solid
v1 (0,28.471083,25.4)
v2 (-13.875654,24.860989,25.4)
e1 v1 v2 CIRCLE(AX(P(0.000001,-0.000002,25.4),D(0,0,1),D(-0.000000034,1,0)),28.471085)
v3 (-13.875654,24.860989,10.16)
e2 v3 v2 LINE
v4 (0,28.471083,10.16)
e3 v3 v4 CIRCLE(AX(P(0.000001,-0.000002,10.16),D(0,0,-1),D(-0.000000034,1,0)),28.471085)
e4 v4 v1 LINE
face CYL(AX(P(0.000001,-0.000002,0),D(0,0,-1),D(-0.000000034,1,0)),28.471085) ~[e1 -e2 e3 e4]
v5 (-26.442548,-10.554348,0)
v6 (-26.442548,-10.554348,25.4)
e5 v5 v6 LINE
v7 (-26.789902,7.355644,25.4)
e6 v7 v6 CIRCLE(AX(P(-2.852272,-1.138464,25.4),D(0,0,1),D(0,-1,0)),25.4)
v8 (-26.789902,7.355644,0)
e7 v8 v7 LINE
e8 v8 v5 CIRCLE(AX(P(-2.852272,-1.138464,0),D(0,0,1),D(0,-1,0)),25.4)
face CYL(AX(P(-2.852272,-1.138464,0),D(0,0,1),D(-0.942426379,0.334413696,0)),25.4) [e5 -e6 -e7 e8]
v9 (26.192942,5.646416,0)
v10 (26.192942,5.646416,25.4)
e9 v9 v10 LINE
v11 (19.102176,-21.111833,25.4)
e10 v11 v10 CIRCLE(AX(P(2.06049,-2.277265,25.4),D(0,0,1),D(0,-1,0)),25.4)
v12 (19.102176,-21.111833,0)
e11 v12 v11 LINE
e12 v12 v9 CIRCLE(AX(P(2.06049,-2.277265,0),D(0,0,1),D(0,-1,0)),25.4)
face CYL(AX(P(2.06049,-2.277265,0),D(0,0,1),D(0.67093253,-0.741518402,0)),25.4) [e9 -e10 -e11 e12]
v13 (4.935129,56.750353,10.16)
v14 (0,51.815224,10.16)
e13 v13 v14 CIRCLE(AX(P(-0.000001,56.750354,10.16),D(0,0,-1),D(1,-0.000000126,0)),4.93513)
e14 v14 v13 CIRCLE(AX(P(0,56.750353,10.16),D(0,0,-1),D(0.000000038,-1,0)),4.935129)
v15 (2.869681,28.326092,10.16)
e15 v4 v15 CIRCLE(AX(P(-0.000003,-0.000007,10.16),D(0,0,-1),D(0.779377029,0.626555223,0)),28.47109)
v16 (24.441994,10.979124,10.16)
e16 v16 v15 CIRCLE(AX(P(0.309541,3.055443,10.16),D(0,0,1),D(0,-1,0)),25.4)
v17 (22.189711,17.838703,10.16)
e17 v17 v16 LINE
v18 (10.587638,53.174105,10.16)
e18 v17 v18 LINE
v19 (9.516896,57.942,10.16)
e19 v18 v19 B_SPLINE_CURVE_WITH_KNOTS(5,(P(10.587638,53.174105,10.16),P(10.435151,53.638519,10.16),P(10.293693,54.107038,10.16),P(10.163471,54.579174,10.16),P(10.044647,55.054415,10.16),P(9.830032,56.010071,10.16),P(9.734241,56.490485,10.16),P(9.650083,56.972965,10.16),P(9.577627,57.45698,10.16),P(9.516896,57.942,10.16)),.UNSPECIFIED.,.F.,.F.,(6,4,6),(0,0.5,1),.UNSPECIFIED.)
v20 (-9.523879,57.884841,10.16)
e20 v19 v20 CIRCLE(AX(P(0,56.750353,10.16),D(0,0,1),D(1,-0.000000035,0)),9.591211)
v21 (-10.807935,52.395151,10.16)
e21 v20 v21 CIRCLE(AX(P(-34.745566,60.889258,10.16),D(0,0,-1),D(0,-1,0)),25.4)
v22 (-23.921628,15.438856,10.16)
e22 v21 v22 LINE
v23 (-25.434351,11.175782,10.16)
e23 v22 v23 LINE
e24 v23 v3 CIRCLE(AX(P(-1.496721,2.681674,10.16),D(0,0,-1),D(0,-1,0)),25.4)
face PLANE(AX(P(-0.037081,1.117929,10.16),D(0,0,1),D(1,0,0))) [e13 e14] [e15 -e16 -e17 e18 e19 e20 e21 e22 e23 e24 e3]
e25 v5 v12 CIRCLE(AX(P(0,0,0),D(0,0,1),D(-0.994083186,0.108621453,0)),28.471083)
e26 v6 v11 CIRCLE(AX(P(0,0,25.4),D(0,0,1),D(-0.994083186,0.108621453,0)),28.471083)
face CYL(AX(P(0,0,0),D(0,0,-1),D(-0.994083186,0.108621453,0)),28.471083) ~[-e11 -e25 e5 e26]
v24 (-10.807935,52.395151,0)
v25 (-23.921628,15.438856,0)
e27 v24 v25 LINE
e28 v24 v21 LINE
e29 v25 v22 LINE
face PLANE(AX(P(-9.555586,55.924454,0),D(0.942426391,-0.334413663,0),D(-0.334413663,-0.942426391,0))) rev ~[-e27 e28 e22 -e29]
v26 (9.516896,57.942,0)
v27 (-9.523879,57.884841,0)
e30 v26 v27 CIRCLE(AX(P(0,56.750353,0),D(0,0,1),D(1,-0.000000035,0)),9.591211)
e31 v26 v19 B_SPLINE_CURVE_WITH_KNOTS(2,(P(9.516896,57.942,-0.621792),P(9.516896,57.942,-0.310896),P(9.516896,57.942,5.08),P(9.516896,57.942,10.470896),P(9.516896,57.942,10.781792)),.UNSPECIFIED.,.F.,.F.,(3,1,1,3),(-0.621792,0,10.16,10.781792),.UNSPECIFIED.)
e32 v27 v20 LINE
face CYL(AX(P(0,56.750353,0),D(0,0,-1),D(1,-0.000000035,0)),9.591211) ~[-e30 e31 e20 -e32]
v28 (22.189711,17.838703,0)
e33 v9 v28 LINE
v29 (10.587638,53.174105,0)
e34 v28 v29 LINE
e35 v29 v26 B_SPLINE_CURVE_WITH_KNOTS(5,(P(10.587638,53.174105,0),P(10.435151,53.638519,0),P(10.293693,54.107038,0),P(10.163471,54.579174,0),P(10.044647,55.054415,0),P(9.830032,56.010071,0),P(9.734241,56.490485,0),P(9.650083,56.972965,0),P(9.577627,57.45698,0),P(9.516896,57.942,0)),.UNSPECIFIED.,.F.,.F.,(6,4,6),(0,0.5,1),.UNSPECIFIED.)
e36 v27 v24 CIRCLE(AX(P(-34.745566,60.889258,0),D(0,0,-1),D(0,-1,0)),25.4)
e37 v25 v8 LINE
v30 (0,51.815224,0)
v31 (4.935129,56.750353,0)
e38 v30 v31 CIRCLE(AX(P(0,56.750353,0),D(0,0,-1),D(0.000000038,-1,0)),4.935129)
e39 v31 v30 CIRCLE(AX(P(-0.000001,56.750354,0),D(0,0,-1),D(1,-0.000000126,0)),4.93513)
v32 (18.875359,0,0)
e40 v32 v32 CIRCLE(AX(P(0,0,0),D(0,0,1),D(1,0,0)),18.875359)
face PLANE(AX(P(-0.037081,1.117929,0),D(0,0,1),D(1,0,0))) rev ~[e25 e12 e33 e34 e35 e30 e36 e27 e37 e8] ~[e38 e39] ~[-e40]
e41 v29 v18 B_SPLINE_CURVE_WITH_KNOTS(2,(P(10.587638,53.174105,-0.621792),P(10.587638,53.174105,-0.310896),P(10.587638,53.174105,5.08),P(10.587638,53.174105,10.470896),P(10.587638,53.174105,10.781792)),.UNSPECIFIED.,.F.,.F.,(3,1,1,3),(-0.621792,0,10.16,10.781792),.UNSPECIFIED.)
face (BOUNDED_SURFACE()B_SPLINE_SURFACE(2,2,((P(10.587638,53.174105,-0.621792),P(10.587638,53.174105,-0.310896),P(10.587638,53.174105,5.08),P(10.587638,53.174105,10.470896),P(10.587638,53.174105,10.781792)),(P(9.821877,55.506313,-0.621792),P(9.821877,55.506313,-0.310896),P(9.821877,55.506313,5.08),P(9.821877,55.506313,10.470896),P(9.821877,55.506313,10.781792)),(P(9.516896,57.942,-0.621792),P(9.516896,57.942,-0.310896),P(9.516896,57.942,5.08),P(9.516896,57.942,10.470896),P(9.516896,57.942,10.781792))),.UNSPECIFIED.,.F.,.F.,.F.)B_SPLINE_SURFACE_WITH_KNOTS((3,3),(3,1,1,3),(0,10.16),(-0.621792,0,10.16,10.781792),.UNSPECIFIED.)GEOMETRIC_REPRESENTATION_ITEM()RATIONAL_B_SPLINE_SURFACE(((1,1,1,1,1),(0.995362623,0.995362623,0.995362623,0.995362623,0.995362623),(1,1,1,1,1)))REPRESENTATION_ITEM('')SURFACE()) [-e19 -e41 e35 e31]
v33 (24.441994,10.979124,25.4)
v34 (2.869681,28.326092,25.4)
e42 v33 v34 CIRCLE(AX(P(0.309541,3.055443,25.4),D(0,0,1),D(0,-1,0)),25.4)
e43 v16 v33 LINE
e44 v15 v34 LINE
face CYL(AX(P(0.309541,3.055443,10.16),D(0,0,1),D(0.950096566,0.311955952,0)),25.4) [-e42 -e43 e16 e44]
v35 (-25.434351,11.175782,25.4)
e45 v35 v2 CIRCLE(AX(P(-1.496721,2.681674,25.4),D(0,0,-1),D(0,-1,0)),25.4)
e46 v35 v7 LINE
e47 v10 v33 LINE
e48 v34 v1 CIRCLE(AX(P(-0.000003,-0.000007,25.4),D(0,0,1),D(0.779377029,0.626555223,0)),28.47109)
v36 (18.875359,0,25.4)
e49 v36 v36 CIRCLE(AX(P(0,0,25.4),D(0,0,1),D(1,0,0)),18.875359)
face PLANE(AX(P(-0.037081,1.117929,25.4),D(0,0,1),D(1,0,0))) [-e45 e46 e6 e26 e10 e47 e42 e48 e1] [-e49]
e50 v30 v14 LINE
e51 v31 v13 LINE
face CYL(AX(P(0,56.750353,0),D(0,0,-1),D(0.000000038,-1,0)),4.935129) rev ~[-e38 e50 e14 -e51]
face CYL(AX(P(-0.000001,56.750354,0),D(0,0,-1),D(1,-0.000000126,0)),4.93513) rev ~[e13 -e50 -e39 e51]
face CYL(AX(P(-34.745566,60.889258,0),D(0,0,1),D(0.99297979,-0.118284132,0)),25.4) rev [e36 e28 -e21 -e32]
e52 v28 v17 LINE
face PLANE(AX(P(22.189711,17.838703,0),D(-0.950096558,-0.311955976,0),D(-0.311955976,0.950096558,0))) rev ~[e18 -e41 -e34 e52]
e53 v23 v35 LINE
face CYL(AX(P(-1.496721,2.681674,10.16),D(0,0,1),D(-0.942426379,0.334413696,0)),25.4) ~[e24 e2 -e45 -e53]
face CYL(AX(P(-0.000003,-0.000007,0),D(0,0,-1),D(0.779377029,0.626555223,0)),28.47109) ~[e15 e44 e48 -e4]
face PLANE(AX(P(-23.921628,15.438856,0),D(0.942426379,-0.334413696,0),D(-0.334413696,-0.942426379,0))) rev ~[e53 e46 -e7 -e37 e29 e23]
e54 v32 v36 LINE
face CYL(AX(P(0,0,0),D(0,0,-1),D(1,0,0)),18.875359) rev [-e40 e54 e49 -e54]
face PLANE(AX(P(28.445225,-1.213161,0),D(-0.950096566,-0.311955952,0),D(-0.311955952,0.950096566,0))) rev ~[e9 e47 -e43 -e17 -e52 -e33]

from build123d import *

# Parameters (mm, degrees)
F0_R     = 18.875359
F1_DEPTH = 25.4
F2_DEPTH = 10.16
F3_R     = 25.4


with BuildPart() as f1:
    # F0 (on Top) → F1 (new body)
    with BuildSketch(Plane.XY):
        with BuildLine():
            Line((-23.921628, 15.438856), (-28.302625, 3.09257))
            ThreePointArc((-28.302625, 3.09257), (-2.154046, -28.389482), (28.445225, -1.213161))
            Line((28.445225, -1.213161), (22.189711, 17.838703))
            ThreePointArc((22.189711, 17.838703), (12.302751, 25.675764), (0, 28.471083))
            ThreePointArc((0, 28.471083), (-13.620602, 25.001635), (-23.921628, 15.438856))
        make_face()
        Circle(F0_R, mode=Mode.SUBTRACT)
    extrude(amount=F1_DEPTH)

    # F0 (on Top) → F2 (join)
    with BuildSketch(Plane.XY):
        with BuildLine():
            Line((-23.921628, 15.438856), (-28.302625, 3.09257))
            ThreePointArc((-28.302625, 3.09257), (-2.154046, -28.389482), (28.445225, -1.213161))
            Line((28.445225, -1.213161), (22.189711, 17.838703))
            ThreePointArc((22.189711, 17.838703), (12.302751, 25.675764), (0, 28.471083))
            ThreePointArc((0, 28.471083), (-13.620602, 25.001635), (-23.921628, 15.438856))
        make_face()
        Circle(F0_R, mode=Mode.SUBTRACT)
        with BuildLine():
            Line((-9.555586, 55.924454), (-23.921628, 15.438856))
            ThreePointArc((-23.921628, 15.438856), (-13.620602, 25.001635), (0, 28.471083))
            Line((0, 28.471083), (0, 47.159142))
            ThreePointArc((0, 47.159142), (-6.483439, 49.682373), (-9.555586, 55.924454))
        make_face()
        with BuildLine():
            ThreePointArc((0, 28.471083), (12.302751, 25.675764), (22.189711, 17.838703))
            Line((22.189711, 17.838703), (9.578088, 56.248801))
            ThreePointArc((9.578088, 56.248801), (6.602304, 49.793277), (0, 47.159142))
            Line((0, 47.159142), (0, 28.471083))
        make_face()
        with BuildLine():
            ThreePointArc((4.935129, 56.750353), (-3.489663, 60.240017), (0, 51.815224))
            ThreePointArc((0, 51.815224), (3.489663, 53.26069), (4.935129, 56.750353))
        make_face()
        with BuildLine():
            ThreePointArc((9.591211, 56.750353), (-0.413334, 66.332654), (-9.555586, 55.924454))
            ThreePointArc((-9.555586, 55.924454), (-6.483439, 49.682373), (0, 47.159142))
            ThreePointArc((0, 47.159142), (6.602304, 49.793277), (9.578088, 56.248801))
            ThreePointArc((9.578088, 56.248801), (9.58793, 56.499491), (9.591211, 56.750353))
        make_face()
        with BuildLine():
            ThreePointArc((4.935129, 56.750353), (3.489663, 53.26069), (0, 51.815224))
            ThreePointArc((0, 51.815224), (-3.489663, 60.240017), (4.935129, 56.750353))
        make_face(mode=Mode.SUBTRACT)
    extrude(amount=F2_DEPTH)

    # F3
    f3_edges = [f1.edges().sort_by_distance(p)[0] for p in [
        (22.189711, 17.838703, 17.78),
        (28.445225, -1.213161, 12.7),
        (9.578088, 56.248801, 5.08),
        (-9.555586, 55.924454, 5.08),
        (-28.302625, 3.09257, 12.7),
        (-23.921628, 15.438856, 17.78),
    ]]
    fillet(f3_edges, radius=F3_R)


solid = f1.part
